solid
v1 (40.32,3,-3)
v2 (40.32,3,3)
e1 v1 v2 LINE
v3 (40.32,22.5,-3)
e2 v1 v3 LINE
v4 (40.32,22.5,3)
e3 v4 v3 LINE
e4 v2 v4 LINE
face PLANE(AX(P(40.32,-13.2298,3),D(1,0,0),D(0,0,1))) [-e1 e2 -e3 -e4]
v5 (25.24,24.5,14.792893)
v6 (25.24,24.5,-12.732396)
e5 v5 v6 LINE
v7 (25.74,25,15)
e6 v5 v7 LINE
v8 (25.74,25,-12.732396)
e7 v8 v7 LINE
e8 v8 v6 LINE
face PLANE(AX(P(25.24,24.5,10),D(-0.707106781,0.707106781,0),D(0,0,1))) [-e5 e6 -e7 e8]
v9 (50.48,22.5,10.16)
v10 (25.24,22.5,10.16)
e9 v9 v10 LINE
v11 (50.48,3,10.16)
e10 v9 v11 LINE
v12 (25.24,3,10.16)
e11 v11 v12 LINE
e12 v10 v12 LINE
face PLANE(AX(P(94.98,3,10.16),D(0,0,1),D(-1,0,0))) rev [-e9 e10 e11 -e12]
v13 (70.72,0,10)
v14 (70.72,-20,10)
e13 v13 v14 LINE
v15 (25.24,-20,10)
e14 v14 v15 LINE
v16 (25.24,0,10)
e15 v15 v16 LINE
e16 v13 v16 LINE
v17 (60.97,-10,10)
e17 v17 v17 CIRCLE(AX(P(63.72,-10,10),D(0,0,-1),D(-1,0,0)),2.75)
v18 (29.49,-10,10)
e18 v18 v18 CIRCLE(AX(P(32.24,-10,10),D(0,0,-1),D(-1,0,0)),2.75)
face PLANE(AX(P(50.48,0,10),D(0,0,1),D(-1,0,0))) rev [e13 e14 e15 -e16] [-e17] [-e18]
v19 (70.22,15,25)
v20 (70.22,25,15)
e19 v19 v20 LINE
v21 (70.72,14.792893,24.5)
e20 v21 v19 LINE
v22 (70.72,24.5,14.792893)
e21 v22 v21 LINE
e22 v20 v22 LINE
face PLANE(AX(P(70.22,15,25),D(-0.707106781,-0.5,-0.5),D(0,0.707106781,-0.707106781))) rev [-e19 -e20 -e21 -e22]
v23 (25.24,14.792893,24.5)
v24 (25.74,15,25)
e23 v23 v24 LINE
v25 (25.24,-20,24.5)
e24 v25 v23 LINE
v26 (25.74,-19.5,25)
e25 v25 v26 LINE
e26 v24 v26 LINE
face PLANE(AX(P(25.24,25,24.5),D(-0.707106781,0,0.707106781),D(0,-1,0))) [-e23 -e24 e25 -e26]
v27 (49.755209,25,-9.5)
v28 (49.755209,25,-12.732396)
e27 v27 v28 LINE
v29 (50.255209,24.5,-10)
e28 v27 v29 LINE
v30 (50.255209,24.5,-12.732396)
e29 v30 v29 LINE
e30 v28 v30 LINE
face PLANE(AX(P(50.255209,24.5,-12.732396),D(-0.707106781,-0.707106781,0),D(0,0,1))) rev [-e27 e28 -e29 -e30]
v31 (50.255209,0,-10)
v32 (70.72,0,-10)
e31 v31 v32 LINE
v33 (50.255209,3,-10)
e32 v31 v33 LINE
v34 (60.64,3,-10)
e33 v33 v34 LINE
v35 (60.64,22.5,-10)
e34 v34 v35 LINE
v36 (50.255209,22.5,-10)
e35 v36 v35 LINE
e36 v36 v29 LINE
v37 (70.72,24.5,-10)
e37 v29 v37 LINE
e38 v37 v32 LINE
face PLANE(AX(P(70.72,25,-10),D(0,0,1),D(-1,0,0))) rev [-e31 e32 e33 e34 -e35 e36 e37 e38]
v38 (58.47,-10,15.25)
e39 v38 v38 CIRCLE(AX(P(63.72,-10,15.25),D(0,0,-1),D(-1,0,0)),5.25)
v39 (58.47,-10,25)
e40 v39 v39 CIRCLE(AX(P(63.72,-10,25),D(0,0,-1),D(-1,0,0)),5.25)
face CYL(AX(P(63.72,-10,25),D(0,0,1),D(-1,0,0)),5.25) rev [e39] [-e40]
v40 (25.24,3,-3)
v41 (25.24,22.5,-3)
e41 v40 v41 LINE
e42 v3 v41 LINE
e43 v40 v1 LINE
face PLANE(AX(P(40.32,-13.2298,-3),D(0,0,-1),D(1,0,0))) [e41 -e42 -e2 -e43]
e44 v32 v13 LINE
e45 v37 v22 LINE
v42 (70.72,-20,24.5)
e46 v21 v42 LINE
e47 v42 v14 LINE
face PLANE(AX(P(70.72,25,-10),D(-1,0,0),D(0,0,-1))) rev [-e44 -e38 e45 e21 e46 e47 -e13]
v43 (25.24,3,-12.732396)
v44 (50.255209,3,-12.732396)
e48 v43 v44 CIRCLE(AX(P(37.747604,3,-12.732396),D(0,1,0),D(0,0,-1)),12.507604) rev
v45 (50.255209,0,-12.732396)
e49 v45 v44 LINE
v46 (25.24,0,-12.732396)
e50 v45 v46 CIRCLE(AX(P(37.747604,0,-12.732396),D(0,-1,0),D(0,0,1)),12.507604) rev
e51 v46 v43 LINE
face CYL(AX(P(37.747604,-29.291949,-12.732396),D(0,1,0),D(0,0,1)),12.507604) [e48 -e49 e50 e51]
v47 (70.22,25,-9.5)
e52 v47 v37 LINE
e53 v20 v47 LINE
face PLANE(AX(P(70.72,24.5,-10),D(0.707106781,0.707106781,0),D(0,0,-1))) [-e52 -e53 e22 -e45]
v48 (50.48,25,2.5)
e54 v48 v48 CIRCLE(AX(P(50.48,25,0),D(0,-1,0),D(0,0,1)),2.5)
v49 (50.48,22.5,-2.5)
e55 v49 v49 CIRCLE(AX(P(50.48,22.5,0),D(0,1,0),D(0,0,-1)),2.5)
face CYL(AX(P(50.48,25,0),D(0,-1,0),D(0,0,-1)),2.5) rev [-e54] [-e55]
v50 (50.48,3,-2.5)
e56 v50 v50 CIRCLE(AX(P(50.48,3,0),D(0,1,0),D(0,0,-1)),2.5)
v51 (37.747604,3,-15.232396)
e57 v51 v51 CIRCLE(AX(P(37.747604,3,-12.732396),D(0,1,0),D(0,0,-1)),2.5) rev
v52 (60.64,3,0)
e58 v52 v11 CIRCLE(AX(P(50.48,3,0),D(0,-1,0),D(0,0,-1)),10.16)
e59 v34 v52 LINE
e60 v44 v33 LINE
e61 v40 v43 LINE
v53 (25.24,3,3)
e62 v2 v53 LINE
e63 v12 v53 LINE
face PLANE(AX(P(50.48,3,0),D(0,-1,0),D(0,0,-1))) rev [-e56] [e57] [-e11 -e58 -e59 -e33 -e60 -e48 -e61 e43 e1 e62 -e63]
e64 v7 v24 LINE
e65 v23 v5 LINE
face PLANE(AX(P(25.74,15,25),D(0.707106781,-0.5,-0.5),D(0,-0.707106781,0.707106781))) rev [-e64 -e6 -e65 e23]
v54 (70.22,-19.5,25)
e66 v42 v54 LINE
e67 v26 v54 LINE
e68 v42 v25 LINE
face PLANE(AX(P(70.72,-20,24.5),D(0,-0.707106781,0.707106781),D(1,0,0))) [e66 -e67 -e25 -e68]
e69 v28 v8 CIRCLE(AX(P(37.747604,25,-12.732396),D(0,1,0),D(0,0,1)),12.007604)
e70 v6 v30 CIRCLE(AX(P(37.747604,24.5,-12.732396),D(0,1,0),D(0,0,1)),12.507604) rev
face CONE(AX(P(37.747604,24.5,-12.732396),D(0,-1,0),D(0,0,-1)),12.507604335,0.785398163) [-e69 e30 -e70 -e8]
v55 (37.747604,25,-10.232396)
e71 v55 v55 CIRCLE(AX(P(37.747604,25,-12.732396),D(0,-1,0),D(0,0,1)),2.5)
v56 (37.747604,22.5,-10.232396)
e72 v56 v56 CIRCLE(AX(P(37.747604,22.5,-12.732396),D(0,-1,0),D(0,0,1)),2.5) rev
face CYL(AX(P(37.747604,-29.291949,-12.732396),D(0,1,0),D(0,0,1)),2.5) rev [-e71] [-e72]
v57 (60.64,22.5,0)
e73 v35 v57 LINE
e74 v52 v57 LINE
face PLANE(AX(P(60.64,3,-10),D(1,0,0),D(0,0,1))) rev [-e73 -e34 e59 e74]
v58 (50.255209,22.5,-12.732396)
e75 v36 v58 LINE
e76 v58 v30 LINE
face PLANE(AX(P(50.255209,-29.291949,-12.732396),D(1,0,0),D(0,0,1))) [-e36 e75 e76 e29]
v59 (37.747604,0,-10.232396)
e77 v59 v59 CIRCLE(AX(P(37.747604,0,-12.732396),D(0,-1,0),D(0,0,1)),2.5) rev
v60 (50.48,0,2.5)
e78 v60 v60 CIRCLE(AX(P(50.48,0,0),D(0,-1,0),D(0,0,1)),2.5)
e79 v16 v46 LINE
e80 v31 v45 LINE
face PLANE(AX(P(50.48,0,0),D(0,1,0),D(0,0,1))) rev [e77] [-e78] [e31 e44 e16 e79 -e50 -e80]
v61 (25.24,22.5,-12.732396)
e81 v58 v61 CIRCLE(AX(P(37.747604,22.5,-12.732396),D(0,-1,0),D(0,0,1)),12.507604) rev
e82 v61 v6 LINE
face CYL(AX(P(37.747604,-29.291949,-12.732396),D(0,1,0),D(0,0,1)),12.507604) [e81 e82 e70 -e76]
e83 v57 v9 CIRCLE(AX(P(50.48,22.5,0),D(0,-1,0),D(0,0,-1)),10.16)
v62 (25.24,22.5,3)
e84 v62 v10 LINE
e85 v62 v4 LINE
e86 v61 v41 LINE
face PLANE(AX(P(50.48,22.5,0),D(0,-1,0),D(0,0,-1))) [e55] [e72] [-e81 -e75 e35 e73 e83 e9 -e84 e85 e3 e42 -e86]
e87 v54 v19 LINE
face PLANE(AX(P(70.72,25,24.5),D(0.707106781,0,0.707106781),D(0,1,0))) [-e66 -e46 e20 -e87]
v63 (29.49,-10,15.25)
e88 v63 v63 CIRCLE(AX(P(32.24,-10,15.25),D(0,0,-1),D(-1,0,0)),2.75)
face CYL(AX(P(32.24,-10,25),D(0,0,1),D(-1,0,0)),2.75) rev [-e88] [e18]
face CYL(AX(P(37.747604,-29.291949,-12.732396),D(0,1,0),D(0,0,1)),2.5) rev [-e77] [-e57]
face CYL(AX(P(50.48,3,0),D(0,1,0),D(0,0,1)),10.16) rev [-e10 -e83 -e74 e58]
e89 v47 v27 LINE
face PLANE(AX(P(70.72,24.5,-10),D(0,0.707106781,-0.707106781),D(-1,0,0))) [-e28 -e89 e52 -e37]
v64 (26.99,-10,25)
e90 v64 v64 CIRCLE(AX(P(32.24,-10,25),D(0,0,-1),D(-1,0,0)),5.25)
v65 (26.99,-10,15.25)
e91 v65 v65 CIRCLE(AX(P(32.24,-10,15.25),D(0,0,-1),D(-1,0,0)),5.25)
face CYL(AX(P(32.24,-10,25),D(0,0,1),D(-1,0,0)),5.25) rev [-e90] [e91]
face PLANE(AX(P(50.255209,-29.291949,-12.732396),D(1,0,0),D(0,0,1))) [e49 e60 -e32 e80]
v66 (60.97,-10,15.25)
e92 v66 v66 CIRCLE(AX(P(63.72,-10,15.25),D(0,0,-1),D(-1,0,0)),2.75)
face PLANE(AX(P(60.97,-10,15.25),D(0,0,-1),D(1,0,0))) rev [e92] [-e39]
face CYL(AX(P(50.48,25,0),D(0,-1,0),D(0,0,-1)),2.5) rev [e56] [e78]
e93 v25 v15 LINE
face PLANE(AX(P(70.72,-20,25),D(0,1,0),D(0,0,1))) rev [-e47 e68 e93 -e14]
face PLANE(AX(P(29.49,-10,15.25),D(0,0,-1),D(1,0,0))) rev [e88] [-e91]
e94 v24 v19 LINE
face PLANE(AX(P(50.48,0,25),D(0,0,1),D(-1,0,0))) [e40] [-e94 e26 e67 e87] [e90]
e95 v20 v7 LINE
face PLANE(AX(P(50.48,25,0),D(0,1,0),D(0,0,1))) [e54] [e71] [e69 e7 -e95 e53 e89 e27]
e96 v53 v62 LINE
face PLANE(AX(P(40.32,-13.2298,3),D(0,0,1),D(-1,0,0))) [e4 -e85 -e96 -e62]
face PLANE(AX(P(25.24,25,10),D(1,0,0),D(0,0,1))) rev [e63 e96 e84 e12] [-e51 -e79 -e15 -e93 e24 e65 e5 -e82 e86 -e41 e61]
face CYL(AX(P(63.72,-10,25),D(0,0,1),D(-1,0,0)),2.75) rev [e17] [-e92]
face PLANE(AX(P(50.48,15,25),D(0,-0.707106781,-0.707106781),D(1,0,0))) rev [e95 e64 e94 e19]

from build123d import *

# Parameters (mm, degrees)
SKETCH1_R                       = 2.5
BOSS_EXTRUDE1_DEPTH             = 25
SKETCH9_W                       = 45.48
SKETCH9_H                       = 45
BOSS_EXTRUDE4_DEPTH             = 15
CUT_EXTRUDE2_START              = -2.5
CUT_EXTRUDE2_DEPTH              = 19.5
SKETCH15_R                      = 2.5
BOSS_EXTRUDE5_DEPTH             = 25
CHAMFER1_SIZE                   = 10
CUT_EXTRUDE3_REACH              = 47.48
SKETCH16_W                      = 40
SKETCH16_H                      = 19.5
SKETCH17_W                      = 15.08
SKETCH17_H                      = 6
BOSS_EXTRUDE6_DEPTH             = 22
CBORE_FOR_M5_SBHCS1_D           = 5.5
CBORE_FOR_M5_SBHCS1_CBORE_D     = 10.5
CBORE_FOR_M5_SBHCS1_CBORE_DEPTH = 9.75
CHAMFER2_SIZE                   = 0.5


with BuildPart() as part:
    # Sketch1 → Boss-Extrude1 (new body)
    with BuildSketch(Plane(origin=(0, 0, 0), x_dir=(1, 0, 0), z_dir=(0, 1, 0))):
        Polygon((20.24, -10), (25.24, -10), (25.24, 10), (20.24, 10), (-20.24, 10), (-20.24, -10), align=None)
        Circle(SKETCH1_R, mode=Mode.SUBTRACT)
    extrude(amount=BOSS_EXTRUDE1_DEPTH)

    # Sketch9 → Boss-Extrude4 (add)
    with BuildSketch(Plane.XY.offset(10)):
        with Locations((2.5, 2.5)):
            Rectangle(SKETCH9_W, SKETCH9_H)
    extrude(amount=BOSS_EXTRUDE4_DEPTH)

    # Sketch10 → Cut-Extrude2 (cut)
    with BuildSketch(Plane(origin=(0, 25, 0), x_dir=(1, 0, 0), z_dir=(0, 1, 0)).offset(CUT_EXTRUDE2_START)):
        with BuildLine():
            Line((10.16, 0), (10.16, 10))
            Line((10.16, 10), (-10.16, 10))
            Line((-10.16, 10), (-10.16, 0))
            ThreePointArc((-10.16, 0), (0, -10.16), (10.16, 0))
        make_face()
    extrude(amount=-CUT_EXTRUDE2_DEPTH, mode=Mode.SUBTRACT)

    # Sketch15 → Boss-Extrude5 (add)
    with BuildSketch(Plane(origin=(0, 25, 0), x_dir=(1, 0, 0), z_dir=(0, 1, 0))):
        with BuildLine():
            Line((25.24, 10), (25.24, 12.732395665))
            ThreePointArc((25.24, 12.732395665), (12.732395665, 25.24), (0.224791329, 12.732395665))
            Line((0.224791329, 12.732395665), (0.224791329, 10))
            Line((0.224791329, 10), (25.24, 10))
        make_face()
        with Locations((12.732395665, 12.732395665)):
            Circle(SKETCH15_R, mode=Mode.SUBTRACT)
    extrude(amount=-BOSS_EXTRUDE5_DEPTH)

    # Chamfer1
    chamfer1_edges = [part.edges().sort_by_distance(p)[0] for p in [
        (2.5, 25, 25),
    ]]
    chamfer(chamfer1_edges, length=CHAMFER1_SIZE)

    # Sketch16 → Cut-Extrude3 (cut, up to next)
    with BuildSketch(Plane(origin=(25.24, 0, 0), x_dir=(0, 0, -1), z_dir=(1, 0, 0)), mode=Mode.PRIVATE) as cut_extrude3_sk1:
        with Locations((9.84, 12.75)):
            Rectangle(SKETCH16_W, SKETCH16_H)
    cut_extrude3_tool1 = extrude(cut_extrude3_sk1.sketch, amount=-CUT_EXTRUDE3_REACH, mode=Mode.PRIVATE) & part.part
    add(cut_extrude3_tool1.solids().sort_by_distance((25.24, 12.75, -9.84))[0], mode=Mode.SUBTRACT)

    # Sketch17 → Boss-Extrude6 (add)
    with BuildSketch(Plane(origin=(0, 25, 0), x_dir=(1, 0, 0), z_dir=(0, 1, 0))):
        with Locations((17.7, 0)):
            Rectangle(SKETCH17_W, SKETCH17_H)
    extrude(amount=-BOSS_EXTRUDE6_DEPTH)

    # CBORE for M5 SBHCS1 (through all)
    with Locations(Plane.XY.offset(25)):
        with Locations((-13.24, -10), (18.24, -10)):
            CounterBoreHole(CBORE_FOR_M5_SBHCS1_D / 2, CBORE_FOR_M5_SBHCS1_CBORE_D / 2, CBORE_FOR_M5_SBHCS1_CBORE_DEPTH)


with BuildPart() as body_2:
    # Mirror1: mirrored copy
    add(part.part.mirror(Plane(origin=(25.24, 25, 10), x_dir=(0, 0, 1), z_dir=(-1, 0, 0))))

    # Chamfer2
    chamfer2_edges = [body_2.edges().sort_by_distance(p)[0] for p in [
        (70.72, 25, 2.5),
        (47.98, -20, 25),
        (25.24, -2.5, 25),
        (60.487604335, 25, -10),
        (37.747604335, 25, -25.24),
        (50.255208671, 25, -11.366197832),
        (70.72, -2.5, 25),
        (70.72, 20, 20),
        (25.24, 25, 1.133802168),
        (25.24, 20, 20),
    ]]
    chamfer(chamfer2_edges, length=CHAMFER2_SIZE)


solid = body_2.part
